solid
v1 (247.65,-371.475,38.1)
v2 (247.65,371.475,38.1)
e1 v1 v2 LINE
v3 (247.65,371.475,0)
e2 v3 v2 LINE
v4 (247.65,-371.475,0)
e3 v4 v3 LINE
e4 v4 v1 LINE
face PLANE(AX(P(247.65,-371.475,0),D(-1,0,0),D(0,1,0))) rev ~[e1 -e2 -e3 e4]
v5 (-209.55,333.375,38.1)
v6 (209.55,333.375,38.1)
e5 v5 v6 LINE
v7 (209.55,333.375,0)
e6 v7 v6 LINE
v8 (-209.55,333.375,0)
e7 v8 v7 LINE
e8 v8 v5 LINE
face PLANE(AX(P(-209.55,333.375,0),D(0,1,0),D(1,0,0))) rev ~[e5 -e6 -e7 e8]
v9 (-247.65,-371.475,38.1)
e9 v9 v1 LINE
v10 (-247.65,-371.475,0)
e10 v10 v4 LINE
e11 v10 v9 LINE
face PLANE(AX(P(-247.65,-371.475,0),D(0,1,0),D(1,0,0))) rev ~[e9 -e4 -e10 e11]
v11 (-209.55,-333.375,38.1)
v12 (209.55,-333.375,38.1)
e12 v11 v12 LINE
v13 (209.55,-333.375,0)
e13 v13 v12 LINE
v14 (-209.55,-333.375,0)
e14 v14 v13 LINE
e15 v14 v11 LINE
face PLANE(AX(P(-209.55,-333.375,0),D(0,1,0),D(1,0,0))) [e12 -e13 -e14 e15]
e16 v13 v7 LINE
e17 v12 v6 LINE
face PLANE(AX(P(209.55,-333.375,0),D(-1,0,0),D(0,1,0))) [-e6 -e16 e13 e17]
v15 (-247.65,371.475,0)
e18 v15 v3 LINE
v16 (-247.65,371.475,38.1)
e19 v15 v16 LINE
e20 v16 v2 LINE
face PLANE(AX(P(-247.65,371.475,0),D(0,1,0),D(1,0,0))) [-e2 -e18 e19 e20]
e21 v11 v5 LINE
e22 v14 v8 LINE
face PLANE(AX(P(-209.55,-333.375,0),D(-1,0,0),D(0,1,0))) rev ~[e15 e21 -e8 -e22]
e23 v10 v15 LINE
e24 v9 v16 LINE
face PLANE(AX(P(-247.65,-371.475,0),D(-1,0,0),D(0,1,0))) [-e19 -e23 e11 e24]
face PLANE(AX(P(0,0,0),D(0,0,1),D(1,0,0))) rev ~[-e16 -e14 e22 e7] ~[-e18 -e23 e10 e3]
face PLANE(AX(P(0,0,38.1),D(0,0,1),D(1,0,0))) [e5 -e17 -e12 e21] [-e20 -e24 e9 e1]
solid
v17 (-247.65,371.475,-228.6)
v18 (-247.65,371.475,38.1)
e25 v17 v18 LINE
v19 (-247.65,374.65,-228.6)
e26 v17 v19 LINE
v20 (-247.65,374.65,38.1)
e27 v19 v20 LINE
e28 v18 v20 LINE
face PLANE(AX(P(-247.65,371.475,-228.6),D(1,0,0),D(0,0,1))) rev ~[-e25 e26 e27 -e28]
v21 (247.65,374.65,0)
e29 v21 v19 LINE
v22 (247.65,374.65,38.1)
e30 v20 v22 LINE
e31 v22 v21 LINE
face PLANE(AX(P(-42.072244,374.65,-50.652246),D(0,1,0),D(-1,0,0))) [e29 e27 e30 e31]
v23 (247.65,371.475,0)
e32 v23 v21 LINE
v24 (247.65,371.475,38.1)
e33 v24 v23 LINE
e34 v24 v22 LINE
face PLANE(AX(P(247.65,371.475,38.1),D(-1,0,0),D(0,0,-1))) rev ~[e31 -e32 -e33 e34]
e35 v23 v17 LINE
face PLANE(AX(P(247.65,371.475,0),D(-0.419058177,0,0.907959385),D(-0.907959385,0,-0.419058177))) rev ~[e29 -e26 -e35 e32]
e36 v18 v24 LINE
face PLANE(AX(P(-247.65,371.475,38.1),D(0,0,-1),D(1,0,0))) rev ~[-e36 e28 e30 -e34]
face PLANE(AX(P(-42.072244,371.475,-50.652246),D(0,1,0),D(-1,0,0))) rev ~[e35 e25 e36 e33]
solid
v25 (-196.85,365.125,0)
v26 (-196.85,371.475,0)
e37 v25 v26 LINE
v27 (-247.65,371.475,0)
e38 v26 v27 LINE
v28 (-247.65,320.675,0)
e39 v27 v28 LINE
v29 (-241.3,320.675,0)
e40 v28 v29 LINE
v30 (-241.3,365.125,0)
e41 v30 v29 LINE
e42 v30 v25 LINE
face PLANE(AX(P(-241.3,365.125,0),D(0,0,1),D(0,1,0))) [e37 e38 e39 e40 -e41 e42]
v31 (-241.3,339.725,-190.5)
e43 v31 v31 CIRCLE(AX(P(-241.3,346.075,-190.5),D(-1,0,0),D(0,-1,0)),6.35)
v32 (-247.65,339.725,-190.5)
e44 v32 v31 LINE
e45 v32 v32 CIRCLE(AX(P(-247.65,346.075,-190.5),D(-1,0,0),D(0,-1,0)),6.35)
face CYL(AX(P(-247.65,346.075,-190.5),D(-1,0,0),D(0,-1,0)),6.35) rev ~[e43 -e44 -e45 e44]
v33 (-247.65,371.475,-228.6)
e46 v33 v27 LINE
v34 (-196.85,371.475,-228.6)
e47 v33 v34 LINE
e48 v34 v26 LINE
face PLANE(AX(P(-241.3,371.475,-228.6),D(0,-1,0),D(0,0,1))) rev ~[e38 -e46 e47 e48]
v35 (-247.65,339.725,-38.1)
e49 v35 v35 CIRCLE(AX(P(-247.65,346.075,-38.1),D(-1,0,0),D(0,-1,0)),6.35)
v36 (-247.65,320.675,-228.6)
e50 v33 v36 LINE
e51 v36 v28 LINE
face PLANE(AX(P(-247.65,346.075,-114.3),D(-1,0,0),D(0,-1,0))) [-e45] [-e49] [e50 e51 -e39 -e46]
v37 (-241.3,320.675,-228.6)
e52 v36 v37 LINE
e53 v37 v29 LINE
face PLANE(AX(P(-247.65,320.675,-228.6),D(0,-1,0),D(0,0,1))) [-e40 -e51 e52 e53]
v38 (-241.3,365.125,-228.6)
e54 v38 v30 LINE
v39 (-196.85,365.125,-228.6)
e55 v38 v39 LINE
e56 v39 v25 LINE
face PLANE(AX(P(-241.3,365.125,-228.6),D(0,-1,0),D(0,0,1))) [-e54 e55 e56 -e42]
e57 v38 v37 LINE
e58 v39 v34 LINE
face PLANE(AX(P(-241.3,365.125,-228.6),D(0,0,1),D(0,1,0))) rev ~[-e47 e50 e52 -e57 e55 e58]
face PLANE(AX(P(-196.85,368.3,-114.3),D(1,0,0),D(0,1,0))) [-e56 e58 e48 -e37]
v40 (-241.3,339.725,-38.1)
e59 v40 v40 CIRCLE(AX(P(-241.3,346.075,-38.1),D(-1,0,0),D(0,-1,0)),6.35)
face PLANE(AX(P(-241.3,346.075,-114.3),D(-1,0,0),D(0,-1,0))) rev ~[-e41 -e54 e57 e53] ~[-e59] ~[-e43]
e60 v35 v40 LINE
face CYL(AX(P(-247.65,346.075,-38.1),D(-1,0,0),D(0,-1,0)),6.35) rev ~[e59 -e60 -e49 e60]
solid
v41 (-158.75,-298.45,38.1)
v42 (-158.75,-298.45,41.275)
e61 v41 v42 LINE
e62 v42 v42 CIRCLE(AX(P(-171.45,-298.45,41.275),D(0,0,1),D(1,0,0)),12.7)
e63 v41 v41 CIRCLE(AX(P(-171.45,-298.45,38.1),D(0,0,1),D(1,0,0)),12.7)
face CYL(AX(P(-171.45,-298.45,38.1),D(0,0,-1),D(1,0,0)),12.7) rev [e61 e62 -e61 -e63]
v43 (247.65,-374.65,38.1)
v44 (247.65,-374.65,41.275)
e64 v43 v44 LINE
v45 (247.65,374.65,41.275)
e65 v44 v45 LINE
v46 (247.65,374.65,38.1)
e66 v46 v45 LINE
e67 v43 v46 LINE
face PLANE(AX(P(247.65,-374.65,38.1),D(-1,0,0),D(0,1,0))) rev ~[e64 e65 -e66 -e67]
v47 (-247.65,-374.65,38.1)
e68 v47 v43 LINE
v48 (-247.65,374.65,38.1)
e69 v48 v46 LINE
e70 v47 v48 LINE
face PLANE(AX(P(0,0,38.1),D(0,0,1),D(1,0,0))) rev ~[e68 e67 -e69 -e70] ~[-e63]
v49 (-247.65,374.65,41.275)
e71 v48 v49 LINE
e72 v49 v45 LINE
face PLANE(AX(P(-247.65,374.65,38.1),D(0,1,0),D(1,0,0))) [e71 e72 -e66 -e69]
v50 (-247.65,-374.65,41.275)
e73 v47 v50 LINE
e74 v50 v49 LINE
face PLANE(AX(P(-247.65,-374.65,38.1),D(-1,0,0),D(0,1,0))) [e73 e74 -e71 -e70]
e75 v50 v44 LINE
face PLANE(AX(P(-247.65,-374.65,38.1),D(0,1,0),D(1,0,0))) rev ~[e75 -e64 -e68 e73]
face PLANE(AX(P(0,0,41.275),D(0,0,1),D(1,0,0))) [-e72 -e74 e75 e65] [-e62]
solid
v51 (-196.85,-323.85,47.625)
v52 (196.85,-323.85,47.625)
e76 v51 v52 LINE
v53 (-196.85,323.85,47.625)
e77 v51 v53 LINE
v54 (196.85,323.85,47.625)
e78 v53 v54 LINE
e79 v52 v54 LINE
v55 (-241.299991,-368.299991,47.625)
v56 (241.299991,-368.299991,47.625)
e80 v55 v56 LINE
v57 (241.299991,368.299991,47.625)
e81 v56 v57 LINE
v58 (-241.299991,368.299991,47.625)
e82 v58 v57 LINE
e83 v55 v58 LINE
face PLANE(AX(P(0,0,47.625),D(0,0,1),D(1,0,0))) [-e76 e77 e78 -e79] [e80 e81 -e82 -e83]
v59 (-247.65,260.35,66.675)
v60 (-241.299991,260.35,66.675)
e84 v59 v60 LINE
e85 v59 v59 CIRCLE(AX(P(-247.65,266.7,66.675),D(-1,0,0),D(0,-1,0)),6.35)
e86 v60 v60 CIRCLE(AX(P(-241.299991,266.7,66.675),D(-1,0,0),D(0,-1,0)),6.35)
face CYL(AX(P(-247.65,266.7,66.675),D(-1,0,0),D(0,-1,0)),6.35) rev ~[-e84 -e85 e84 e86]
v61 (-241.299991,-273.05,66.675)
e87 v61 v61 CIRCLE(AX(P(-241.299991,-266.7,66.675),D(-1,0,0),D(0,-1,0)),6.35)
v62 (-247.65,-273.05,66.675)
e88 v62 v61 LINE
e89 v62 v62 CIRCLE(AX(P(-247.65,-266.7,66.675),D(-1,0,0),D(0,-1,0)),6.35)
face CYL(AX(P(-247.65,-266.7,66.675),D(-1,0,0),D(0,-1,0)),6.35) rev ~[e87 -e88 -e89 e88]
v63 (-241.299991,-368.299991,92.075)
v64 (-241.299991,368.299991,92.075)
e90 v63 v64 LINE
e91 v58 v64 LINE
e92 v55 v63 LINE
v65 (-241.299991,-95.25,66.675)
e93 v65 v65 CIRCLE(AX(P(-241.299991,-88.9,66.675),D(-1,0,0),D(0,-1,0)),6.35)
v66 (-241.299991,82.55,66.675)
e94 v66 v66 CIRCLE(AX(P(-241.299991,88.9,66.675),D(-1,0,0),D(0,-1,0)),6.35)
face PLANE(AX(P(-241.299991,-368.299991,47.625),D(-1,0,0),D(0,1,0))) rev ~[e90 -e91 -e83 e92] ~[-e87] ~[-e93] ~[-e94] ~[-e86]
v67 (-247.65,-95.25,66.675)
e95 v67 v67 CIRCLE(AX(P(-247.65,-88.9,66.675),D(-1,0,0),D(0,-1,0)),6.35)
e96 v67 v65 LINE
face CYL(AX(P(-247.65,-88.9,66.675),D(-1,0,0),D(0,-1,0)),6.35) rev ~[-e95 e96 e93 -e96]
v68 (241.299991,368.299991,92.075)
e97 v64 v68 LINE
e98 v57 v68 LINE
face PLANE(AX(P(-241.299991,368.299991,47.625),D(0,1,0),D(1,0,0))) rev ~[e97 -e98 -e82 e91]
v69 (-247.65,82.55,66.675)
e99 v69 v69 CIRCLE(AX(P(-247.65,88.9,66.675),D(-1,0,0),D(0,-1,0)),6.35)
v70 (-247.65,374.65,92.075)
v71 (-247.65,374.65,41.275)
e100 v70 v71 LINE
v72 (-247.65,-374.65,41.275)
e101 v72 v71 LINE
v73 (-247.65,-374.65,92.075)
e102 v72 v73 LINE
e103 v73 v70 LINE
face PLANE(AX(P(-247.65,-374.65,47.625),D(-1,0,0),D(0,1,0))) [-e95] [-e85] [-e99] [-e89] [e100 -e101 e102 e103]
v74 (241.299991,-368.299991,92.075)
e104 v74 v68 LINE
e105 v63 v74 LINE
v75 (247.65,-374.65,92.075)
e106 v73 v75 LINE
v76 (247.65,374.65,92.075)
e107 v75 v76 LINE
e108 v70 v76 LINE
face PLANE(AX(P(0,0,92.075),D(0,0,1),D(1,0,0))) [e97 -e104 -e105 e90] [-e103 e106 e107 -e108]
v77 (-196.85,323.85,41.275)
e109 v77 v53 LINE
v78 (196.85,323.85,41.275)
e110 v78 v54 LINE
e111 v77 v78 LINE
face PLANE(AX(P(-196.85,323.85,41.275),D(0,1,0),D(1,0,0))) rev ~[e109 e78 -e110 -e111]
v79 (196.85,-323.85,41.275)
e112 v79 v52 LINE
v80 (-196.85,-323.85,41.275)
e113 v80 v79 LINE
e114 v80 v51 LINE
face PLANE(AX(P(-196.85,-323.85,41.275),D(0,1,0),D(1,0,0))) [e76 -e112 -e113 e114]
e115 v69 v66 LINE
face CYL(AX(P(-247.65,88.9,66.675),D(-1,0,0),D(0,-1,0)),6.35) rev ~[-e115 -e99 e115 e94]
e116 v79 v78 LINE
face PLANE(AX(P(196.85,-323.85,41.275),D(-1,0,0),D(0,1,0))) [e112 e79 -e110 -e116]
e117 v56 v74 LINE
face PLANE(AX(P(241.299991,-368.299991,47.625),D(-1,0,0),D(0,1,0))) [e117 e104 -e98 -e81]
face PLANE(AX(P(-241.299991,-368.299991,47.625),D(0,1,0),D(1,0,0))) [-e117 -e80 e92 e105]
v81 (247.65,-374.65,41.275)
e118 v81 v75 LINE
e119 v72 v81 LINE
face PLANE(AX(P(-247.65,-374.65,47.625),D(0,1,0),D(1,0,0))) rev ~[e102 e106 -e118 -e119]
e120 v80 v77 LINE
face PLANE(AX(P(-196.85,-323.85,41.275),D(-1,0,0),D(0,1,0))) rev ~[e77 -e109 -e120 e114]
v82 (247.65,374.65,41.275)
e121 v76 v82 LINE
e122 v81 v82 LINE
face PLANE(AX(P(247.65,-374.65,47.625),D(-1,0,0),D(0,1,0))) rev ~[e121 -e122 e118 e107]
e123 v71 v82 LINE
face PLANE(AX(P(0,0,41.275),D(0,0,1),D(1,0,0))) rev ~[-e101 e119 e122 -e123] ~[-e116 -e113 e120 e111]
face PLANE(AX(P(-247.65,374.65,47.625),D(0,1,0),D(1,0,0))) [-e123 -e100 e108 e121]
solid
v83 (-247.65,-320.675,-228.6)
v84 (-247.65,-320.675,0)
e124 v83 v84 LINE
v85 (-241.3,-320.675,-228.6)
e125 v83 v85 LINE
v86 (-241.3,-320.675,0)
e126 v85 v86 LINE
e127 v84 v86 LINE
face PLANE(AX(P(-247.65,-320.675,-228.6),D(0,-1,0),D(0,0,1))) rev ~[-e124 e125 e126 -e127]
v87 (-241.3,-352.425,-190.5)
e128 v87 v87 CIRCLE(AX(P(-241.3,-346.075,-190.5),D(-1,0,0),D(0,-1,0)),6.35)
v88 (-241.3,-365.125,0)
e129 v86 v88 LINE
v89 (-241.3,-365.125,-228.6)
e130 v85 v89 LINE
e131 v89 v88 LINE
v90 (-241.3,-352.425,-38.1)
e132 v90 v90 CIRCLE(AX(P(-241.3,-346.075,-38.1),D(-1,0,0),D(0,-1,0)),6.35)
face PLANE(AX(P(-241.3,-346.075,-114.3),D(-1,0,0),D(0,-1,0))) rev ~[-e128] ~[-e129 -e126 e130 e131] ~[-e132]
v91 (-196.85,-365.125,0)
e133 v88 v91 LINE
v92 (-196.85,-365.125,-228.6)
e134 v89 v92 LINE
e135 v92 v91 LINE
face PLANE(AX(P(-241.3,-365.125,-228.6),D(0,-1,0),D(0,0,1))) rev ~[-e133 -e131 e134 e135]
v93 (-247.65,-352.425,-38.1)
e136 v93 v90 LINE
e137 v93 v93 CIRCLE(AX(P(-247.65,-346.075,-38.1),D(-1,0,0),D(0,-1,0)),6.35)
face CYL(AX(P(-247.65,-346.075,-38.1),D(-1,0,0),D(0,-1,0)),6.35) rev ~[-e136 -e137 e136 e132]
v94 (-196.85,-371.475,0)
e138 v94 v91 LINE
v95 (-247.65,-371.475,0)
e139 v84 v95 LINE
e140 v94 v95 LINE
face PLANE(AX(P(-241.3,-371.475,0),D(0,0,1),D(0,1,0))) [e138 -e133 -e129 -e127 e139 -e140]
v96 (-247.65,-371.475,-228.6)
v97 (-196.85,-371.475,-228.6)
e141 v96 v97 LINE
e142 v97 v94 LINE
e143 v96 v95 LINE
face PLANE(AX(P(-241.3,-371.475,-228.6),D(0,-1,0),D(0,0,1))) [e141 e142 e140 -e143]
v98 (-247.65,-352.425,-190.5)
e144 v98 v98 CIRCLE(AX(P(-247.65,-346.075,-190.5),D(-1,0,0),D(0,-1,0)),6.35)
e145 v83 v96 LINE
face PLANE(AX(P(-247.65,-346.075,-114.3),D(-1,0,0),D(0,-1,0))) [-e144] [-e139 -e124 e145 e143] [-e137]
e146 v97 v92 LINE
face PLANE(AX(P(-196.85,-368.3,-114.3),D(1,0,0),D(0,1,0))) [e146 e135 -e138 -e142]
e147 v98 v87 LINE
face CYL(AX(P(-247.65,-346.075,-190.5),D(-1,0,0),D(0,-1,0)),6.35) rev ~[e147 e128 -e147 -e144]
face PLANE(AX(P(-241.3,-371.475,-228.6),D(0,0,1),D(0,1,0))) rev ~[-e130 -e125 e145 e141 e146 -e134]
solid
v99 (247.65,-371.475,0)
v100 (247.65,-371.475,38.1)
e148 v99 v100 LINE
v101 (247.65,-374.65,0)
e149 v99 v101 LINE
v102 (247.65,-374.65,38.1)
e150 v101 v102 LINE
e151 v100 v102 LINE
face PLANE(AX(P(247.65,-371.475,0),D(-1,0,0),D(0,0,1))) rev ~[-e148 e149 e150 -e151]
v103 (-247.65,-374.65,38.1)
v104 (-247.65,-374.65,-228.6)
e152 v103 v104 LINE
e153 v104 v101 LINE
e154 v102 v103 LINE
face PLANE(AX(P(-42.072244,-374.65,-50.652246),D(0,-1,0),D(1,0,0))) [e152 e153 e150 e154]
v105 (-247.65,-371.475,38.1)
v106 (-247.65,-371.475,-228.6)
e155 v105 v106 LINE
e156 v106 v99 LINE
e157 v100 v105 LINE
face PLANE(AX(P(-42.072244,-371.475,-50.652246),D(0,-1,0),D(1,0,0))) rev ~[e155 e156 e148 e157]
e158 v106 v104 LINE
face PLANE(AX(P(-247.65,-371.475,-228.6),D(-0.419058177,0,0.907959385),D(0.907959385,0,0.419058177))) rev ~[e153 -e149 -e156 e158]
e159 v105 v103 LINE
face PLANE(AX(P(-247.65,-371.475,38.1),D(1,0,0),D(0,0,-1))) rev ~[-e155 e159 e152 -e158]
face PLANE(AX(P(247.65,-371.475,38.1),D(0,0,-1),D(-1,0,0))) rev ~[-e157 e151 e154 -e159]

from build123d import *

# Parameters (mm, degrees)
F0_W      = 495.3
F0_H      = 742.95
F0_W_2    = 419.1
F0_H_2    = 666.75
F1_DEPTH  = 38.1
F4_DEPTH  = 3.175
F5_DEPTH  = 3.175
F6_W      = 50.8
F6_H      = 228.6
F7_DEPTH  = 6.35
F8_W      = 6.35
F8_H      = 228.6
F9_DEPTH  = 44.45
F10_W     = 6.35
F10_H     = 228.6
F11_DEPTH = 44.45
F12_W     = 495.3
F12_H     = 749.3
F12_R     = 12.7
F13_DEPTH = 3.175
F14_W     = 495.3
F14_H     = 749.3
F14_W_2   = 393.7
F14_H_2   = 647.7
F15_DEPTH = 6.35
F16_W     = 495.3
F16_H     = 749.3
F16_W_2   = 482.5999817848
F16_H_2   = 736.5999817848
F17_DEPTH = 44.45
F18_R     = 6.35
F19_DEPTH = 25.4


with BuildPart() as f1:
    # F0 (on Top) → F1 (new body)
    with BuildSketch(Plane.XY):
        Rectangle(F0_W, F0_H)
        Rectangle(F0_W_2, F0_H_2, mode=Mode.SUBTRACT)
    extrude(amount=F1_DEPTH)


with BuildPart() as f4:
    # F2 (on face) → F4 (new body)
    with BuildSketch(Plane.XZ.offset(371.475)):
        Polygon((247.65, 0), (247.65, 38.1), (-247.65, 38.1), (-247.65, 0), (-247.65, -228.6), align=None)
    extrude(amount=F4_DEPTH)


with BuildPart() as f5:
    # F3 (on face) → F5 (new body)
    with BuildSketch(Plane(origin=(0, 371.475, 0), x_dir=(-1, 0, 0), z_dir=(0, 1, 0))):
        Polygon((-247.65, 38.1), (-247.65, 0), (247.65, -228.6), (247.65, 0), (247.65, 38.1), align=None)
    extrude(amount=F5_DEPTH)


with BuildPart() as f7:
    # F6 (on face) → F7 (new body)
    with BuildSketch(Plane(origin=(-247.65, 0, 0), x_dir=(0, -1, 0), z_dir=(-1, 0, 0))):
        with Locations((346.075, -114.3)):
            Rectangle(F6_W, F6_H)
    extrude(amount=-F7_DEPTH)

    # F8 (on face) → F9 (join)
    with BuildSketch(Plane.YZ.offset(-241.3)):
        with Locations((-368.3, -114.3)):
            Rectangle(F8_W, F8_H)
    extrude(amount=F9_DEPTH)


with BuildPart() as f7b:
    # F6 (on face) → F7, piece 2 (new body)
    with BuildSketch(Plane(origin=(-247.65, 0, 0), x_dir=(0, -1, 0), z_dir=(-1, 0, 0))):
        with Locations((-346.075, -114.3)):
            Rectangle(F6_W, F6_H)
    extrude(amount=-F7_DEPTH)

    # F10 (on face) → F11 (join)
    with BuildSketch(Plane.YZ.offset(-241.3)):
        with Locations((368.3, -114.3)):
            Rectangle(F10_W, F10_H)
    extrude(amount=F11_DEPTH)


with BuildPart() as f13:
    # F12 (on face) → F13 (new body)
    with BuildSketch(Plane.XY.offset(38.1)):
        Rectangle(F12_W, F12_H)
        with Locations((-171.45, -298.45)):
            Circle(F12_R, mode=Mode.SUBTRACT)
    extrude(amount=F13_DEPTH)


with BuildPart() as f15:
    # F14 (on face) → F15 (new body)
    with BuildSketch(Plane.XY.offset(41.275)):
        Rectangle(F14_W, F14_H)
        Rectangle(F14_W_2, F14_H_2, mode=Mode.SUBTRACT)
    extrude(amount=F15_DEPTH)

    # F16 (on face) → F17 (join)
    with BuildSketch(Plane.XY.offset(47.625)):
        Rectangle(F16_W, F16_H)
        Rectangle(F16_W_2, F16_H_2, mode=Mode.SUBTRACT)
    extrude(amount=F17_DEPTH)


with BuildPart() as f19_tool:
    # F18 (on face) → F19 (new body)
    with BuildSketch(Plane(origin=(-247.65, 0, 0), x_dir=(0, -1, 0), z_dir=(-1, 0, 0))):
        with Locations((-266.7, 66.675)):
            Circle(F18_R)
        with Locations((-88.9, 66.675)):
            Circle(F18_R)
        with Locations((88.9, 66.675)):
            Circle(F18_R)
        with Locations((266.7, 66.675)):
            Circle(F18_R)
        with Locations((-346.075, -38.1)):
            Circle(F18_R)
        with Locations((-346.075, -190.5)):
            Circle(F18_R)
        with Locations((346.075, -38.1)):
            Circle(F18_R)
        with Locations((346.075, -190.5)):
            Circle(F18_R)
    extrude(amount=-F19_DEPTH)


with BuildPart() as f7_1:
    add(f7.part)

    # F19: cut by f19_tool
    add(f19_tool.part, mode=Mode.SUBTRACT)


with BuildPart() as f7b_1:
    add(f7b.part)

    # F19: cut by f19_tool
    add(f19_tool.part, mode=Mode.SUBTRACT)


with BuildPart() as f15_1:
    add(f15.part)

    # F19: cut by f19_tool
    add(f19_tool.part, mode=Mode.SUBTRACT)


solid = Compound([f1.part, f4.part, f5.part, f13.part, f7_1.part, f7b_1.part, f15_1.part])
